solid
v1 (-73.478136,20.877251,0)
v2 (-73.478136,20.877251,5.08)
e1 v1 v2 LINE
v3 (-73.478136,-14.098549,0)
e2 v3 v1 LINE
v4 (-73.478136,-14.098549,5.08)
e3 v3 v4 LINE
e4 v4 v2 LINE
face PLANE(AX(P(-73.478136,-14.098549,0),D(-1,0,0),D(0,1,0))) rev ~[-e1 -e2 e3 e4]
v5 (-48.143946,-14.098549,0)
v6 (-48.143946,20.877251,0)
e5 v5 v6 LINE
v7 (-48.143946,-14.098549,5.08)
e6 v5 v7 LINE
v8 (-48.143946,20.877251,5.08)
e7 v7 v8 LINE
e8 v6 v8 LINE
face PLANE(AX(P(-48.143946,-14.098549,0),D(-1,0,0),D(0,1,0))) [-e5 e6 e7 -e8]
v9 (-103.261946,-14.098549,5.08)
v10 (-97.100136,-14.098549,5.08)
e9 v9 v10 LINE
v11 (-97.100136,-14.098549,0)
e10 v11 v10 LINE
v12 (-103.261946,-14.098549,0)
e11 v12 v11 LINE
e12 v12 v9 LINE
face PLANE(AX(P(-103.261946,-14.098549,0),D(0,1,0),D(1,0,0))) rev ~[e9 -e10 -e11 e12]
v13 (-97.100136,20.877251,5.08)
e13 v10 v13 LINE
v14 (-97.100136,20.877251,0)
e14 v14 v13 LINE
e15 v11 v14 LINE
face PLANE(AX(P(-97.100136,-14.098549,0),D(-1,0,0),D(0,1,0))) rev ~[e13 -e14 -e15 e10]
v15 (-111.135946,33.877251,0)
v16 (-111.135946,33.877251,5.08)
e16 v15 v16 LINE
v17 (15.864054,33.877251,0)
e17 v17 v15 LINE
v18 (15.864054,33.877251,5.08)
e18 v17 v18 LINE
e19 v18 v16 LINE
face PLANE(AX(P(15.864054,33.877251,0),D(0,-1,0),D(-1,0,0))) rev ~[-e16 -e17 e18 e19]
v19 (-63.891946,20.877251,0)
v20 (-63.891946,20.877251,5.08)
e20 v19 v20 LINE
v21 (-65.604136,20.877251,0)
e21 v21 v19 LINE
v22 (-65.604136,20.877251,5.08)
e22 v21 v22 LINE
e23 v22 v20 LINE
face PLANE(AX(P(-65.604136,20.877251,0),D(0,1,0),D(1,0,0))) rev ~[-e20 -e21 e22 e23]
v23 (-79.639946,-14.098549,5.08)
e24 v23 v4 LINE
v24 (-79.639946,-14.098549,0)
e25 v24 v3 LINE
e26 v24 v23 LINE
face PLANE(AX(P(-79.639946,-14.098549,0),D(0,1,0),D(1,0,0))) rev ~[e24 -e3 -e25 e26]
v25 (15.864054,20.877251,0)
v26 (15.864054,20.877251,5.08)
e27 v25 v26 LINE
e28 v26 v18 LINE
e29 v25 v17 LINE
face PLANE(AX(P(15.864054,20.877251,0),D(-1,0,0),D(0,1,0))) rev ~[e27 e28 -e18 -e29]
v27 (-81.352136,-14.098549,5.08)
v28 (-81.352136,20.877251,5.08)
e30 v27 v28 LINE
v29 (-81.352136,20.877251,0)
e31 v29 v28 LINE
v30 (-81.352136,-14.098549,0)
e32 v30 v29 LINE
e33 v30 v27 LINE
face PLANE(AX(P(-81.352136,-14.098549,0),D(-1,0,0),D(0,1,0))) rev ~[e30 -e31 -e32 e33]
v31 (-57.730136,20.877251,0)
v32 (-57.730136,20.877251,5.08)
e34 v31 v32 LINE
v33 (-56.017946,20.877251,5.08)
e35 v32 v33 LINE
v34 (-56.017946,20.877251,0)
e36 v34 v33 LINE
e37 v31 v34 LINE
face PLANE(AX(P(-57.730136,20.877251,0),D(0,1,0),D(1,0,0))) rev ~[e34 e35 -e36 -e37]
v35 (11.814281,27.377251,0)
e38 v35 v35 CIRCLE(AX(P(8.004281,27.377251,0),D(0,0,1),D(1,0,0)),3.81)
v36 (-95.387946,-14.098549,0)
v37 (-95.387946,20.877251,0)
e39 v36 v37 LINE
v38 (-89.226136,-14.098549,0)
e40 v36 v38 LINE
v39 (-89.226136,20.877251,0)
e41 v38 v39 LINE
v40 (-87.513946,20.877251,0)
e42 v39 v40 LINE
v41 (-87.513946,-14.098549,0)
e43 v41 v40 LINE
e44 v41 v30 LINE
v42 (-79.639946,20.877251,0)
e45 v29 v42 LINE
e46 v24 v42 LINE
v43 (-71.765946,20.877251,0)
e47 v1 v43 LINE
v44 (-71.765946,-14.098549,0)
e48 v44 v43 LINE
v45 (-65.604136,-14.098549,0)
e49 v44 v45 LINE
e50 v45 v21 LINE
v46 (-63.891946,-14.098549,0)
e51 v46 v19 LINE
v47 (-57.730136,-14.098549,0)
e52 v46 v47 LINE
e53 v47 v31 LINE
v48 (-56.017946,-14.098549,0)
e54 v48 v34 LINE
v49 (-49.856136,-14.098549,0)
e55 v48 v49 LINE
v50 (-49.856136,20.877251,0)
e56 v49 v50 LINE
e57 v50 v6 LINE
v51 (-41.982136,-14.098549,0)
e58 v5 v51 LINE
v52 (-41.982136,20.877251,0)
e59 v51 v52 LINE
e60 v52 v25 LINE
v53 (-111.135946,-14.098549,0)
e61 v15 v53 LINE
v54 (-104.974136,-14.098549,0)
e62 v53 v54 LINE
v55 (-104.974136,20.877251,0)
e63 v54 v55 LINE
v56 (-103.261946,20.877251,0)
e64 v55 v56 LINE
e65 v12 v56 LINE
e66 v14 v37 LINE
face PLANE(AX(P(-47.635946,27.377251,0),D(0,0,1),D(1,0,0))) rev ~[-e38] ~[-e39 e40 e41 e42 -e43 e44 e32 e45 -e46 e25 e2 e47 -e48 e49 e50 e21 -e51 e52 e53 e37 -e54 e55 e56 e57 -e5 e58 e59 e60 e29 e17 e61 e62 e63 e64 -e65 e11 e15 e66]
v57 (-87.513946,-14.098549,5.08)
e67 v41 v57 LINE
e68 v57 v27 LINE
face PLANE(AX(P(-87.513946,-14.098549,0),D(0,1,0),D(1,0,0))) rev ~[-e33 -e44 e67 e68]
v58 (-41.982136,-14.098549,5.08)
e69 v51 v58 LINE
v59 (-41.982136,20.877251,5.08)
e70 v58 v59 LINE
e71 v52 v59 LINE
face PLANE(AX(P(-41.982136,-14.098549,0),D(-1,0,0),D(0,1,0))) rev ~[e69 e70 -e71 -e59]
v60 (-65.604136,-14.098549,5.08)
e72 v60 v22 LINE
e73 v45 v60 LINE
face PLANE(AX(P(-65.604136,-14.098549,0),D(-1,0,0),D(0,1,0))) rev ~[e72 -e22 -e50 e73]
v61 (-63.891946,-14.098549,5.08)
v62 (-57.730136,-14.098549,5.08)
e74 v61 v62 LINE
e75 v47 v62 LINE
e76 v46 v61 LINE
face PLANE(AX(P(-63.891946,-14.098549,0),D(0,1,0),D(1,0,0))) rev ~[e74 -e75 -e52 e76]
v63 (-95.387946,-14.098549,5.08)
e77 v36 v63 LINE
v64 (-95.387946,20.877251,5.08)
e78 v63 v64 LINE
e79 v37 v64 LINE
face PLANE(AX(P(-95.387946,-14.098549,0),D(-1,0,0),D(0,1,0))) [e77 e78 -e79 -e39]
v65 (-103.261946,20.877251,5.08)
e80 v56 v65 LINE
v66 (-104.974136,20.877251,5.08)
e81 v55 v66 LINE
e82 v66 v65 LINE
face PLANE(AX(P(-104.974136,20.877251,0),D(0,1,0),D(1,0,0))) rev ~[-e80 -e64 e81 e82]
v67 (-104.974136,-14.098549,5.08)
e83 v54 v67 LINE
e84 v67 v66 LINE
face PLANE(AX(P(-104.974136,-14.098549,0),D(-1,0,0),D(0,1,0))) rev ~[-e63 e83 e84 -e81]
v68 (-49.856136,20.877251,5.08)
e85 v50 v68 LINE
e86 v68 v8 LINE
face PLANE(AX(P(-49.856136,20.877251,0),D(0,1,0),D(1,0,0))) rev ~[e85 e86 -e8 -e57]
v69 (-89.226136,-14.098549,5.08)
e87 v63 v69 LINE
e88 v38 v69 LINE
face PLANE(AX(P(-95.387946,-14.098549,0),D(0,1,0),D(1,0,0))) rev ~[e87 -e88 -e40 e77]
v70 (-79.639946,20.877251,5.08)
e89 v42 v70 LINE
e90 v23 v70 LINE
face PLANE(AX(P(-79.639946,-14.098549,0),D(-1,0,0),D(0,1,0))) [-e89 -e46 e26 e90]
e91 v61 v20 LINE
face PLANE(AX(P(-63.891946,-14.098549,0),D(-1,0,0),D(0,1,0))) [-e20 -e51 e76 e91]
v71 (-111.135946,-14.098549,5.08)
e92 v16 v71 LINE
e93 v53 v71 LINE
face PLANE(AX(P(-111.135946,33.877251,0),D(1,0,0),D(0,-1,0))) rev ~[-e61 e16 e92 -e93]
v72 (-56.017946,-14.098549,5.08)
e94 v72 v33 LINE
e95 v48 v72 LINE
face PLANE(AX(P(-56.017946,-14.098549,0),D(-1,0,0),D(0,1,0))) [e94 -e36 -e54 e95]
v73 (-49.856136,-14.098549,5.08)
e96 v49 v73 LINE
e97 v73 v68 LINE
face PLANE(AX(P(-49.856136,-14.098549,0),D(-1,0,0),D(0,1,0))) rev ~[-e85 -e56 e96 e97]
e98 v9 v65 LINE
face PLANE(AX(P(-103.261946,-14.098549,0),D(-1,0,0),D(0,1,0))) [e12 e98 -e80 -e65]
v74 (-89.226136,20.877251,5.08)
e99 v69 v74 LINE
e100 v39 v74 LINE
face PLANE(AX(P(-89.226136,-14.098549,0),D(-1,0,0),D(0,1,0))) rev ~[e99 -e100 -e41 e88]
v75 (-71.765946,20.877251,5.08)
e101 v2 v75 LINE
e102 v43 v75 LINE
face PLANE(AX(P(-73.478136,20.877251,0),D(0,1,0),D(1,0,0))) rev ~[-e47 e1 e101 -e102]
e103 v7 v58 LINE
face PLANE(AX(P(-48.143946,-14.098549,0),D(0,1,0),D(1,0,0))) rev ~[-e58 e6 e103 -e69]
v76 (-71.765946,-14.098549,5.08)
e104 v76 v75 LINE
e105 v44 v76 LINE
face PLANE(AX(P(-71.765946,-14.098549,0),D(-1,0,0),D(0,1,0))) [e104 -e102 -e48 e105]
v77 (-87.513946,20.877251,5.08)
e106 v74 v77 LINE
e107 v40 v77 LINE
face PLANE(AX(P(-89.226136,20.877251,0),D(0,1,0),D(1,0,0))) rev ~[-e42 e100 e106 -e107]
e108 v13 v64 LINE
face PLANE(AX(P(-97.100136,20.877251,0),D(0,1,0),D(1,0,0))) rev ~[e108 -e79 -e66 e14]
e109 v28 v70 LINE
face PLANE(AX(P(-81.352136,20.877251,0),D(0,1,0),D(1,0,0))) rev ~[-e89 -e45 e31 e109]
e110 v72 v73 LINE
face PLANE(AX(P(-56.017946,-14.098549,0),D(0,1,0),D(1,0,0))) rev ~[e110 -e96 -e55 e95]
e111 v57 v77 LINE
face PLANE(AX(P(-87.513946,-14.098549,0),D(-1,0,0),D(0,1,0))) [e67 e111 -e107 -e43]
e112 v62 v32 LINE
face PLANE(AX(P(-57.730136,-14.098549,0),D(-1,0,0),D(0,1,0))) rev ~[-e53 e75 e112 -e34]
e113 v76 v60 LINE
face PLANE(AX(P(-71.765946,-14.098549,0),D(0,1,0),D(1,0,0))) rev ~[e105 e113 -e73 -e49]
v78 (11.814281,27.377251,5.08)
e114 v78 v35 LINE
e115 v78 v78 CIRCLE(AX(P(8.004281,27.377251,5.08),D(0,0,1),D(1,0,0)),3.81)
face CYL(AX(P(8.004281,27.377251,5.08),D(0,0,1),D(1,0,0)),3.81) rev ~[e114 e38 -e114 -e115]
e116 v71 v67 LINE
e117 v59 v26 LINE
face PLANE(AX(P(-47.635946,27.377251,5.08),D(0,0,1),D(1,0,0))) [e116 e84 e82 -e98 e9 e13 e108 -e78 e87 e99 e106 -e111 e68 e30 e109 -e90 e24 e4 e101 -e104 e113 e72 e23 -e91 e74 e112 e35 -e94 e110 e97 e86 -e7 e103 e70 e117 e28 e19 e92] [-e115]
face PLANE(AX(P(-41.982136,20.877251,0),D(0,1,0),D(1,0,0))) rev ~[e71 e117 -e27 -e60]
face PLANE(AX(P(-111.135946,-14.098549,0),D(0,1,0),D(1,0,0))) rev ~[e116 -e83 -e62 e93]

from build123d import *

# Parameters (mm, degrees)
F0_W     = 6.16181
F0_H     = 34.9758
F1_DEPTH = 5.08
F2_R     = 3.81
F3_DEPTH = 25.4


with BuildPart() as f1:
    # F0 (on Top) → F1 (new body)
    with BuildSketch(Plane.XY):
        Polygon((-111.135946, 33.877251), (-111.135946, 20.877251), (-104.974136, 20.877251), (-103.261946, 20.877251), (-97.100136, 20.877251), (-95.387946, 20.877251), (-89.226136, 20.877251), (-87.513946, 20.877251), (-81.352136, 20.877251), (-79.639946, 20.877251), (-73.478136, 20.877251), (-71.765946, 20.877251), (-65.604136, 20.877251), (-63.891946, 20.877251), (-57.730136, 20.877251), (-56.017946, 20.877251), (-49.856136, 20.877251), (-48.143946, 20.877251), (-41.982136, 20.877251), (15.864054, 20.877251), (15.864054, 33.877251), align=None)
        with Locations((-108.055041, 3.389351)):
            Rectangle(F0_W, F0_H)
        with Locations((-100.181041, 3.389351)):
            Rectangle(F0_W, F0_H)
        with Locations((-92.307041, 3.389351)):
            Rectangle(F0_W, F0_H)
        with Locations((-45.063041, 3.389351)):
            Rectangle(F0_W, F0_H)
        with Locations((-84.433041, 3.389351)):
            Rectangle(F0_W, F0_H)
        with Locations((-52.937041, 3.389351)):
            Rectangle(F0_W, F0_H)
        with Locations((-76.559041, 3.389351)):
            Rectangle(F0_W, F0_H)
        with Locations((-60.811041, 3.389351)):
            Rectangle(F0_W, F0_H)
        with Locations((-68.685041, 3.389351)):
            Rectangle(F0_W, F0_H)
    extrude(amount=F1_DEPTH)

    # F2 (on face) → F3 (cut)
    with BuildSketch(Plane.XY.offset(5.08)):
        with Locations((8.004281, 27.377251)):
            Circle(F2_R)
    extrude(amount=-F3_DEPTH, mode=Mode.SUBTRACT)


solid = f1.part
